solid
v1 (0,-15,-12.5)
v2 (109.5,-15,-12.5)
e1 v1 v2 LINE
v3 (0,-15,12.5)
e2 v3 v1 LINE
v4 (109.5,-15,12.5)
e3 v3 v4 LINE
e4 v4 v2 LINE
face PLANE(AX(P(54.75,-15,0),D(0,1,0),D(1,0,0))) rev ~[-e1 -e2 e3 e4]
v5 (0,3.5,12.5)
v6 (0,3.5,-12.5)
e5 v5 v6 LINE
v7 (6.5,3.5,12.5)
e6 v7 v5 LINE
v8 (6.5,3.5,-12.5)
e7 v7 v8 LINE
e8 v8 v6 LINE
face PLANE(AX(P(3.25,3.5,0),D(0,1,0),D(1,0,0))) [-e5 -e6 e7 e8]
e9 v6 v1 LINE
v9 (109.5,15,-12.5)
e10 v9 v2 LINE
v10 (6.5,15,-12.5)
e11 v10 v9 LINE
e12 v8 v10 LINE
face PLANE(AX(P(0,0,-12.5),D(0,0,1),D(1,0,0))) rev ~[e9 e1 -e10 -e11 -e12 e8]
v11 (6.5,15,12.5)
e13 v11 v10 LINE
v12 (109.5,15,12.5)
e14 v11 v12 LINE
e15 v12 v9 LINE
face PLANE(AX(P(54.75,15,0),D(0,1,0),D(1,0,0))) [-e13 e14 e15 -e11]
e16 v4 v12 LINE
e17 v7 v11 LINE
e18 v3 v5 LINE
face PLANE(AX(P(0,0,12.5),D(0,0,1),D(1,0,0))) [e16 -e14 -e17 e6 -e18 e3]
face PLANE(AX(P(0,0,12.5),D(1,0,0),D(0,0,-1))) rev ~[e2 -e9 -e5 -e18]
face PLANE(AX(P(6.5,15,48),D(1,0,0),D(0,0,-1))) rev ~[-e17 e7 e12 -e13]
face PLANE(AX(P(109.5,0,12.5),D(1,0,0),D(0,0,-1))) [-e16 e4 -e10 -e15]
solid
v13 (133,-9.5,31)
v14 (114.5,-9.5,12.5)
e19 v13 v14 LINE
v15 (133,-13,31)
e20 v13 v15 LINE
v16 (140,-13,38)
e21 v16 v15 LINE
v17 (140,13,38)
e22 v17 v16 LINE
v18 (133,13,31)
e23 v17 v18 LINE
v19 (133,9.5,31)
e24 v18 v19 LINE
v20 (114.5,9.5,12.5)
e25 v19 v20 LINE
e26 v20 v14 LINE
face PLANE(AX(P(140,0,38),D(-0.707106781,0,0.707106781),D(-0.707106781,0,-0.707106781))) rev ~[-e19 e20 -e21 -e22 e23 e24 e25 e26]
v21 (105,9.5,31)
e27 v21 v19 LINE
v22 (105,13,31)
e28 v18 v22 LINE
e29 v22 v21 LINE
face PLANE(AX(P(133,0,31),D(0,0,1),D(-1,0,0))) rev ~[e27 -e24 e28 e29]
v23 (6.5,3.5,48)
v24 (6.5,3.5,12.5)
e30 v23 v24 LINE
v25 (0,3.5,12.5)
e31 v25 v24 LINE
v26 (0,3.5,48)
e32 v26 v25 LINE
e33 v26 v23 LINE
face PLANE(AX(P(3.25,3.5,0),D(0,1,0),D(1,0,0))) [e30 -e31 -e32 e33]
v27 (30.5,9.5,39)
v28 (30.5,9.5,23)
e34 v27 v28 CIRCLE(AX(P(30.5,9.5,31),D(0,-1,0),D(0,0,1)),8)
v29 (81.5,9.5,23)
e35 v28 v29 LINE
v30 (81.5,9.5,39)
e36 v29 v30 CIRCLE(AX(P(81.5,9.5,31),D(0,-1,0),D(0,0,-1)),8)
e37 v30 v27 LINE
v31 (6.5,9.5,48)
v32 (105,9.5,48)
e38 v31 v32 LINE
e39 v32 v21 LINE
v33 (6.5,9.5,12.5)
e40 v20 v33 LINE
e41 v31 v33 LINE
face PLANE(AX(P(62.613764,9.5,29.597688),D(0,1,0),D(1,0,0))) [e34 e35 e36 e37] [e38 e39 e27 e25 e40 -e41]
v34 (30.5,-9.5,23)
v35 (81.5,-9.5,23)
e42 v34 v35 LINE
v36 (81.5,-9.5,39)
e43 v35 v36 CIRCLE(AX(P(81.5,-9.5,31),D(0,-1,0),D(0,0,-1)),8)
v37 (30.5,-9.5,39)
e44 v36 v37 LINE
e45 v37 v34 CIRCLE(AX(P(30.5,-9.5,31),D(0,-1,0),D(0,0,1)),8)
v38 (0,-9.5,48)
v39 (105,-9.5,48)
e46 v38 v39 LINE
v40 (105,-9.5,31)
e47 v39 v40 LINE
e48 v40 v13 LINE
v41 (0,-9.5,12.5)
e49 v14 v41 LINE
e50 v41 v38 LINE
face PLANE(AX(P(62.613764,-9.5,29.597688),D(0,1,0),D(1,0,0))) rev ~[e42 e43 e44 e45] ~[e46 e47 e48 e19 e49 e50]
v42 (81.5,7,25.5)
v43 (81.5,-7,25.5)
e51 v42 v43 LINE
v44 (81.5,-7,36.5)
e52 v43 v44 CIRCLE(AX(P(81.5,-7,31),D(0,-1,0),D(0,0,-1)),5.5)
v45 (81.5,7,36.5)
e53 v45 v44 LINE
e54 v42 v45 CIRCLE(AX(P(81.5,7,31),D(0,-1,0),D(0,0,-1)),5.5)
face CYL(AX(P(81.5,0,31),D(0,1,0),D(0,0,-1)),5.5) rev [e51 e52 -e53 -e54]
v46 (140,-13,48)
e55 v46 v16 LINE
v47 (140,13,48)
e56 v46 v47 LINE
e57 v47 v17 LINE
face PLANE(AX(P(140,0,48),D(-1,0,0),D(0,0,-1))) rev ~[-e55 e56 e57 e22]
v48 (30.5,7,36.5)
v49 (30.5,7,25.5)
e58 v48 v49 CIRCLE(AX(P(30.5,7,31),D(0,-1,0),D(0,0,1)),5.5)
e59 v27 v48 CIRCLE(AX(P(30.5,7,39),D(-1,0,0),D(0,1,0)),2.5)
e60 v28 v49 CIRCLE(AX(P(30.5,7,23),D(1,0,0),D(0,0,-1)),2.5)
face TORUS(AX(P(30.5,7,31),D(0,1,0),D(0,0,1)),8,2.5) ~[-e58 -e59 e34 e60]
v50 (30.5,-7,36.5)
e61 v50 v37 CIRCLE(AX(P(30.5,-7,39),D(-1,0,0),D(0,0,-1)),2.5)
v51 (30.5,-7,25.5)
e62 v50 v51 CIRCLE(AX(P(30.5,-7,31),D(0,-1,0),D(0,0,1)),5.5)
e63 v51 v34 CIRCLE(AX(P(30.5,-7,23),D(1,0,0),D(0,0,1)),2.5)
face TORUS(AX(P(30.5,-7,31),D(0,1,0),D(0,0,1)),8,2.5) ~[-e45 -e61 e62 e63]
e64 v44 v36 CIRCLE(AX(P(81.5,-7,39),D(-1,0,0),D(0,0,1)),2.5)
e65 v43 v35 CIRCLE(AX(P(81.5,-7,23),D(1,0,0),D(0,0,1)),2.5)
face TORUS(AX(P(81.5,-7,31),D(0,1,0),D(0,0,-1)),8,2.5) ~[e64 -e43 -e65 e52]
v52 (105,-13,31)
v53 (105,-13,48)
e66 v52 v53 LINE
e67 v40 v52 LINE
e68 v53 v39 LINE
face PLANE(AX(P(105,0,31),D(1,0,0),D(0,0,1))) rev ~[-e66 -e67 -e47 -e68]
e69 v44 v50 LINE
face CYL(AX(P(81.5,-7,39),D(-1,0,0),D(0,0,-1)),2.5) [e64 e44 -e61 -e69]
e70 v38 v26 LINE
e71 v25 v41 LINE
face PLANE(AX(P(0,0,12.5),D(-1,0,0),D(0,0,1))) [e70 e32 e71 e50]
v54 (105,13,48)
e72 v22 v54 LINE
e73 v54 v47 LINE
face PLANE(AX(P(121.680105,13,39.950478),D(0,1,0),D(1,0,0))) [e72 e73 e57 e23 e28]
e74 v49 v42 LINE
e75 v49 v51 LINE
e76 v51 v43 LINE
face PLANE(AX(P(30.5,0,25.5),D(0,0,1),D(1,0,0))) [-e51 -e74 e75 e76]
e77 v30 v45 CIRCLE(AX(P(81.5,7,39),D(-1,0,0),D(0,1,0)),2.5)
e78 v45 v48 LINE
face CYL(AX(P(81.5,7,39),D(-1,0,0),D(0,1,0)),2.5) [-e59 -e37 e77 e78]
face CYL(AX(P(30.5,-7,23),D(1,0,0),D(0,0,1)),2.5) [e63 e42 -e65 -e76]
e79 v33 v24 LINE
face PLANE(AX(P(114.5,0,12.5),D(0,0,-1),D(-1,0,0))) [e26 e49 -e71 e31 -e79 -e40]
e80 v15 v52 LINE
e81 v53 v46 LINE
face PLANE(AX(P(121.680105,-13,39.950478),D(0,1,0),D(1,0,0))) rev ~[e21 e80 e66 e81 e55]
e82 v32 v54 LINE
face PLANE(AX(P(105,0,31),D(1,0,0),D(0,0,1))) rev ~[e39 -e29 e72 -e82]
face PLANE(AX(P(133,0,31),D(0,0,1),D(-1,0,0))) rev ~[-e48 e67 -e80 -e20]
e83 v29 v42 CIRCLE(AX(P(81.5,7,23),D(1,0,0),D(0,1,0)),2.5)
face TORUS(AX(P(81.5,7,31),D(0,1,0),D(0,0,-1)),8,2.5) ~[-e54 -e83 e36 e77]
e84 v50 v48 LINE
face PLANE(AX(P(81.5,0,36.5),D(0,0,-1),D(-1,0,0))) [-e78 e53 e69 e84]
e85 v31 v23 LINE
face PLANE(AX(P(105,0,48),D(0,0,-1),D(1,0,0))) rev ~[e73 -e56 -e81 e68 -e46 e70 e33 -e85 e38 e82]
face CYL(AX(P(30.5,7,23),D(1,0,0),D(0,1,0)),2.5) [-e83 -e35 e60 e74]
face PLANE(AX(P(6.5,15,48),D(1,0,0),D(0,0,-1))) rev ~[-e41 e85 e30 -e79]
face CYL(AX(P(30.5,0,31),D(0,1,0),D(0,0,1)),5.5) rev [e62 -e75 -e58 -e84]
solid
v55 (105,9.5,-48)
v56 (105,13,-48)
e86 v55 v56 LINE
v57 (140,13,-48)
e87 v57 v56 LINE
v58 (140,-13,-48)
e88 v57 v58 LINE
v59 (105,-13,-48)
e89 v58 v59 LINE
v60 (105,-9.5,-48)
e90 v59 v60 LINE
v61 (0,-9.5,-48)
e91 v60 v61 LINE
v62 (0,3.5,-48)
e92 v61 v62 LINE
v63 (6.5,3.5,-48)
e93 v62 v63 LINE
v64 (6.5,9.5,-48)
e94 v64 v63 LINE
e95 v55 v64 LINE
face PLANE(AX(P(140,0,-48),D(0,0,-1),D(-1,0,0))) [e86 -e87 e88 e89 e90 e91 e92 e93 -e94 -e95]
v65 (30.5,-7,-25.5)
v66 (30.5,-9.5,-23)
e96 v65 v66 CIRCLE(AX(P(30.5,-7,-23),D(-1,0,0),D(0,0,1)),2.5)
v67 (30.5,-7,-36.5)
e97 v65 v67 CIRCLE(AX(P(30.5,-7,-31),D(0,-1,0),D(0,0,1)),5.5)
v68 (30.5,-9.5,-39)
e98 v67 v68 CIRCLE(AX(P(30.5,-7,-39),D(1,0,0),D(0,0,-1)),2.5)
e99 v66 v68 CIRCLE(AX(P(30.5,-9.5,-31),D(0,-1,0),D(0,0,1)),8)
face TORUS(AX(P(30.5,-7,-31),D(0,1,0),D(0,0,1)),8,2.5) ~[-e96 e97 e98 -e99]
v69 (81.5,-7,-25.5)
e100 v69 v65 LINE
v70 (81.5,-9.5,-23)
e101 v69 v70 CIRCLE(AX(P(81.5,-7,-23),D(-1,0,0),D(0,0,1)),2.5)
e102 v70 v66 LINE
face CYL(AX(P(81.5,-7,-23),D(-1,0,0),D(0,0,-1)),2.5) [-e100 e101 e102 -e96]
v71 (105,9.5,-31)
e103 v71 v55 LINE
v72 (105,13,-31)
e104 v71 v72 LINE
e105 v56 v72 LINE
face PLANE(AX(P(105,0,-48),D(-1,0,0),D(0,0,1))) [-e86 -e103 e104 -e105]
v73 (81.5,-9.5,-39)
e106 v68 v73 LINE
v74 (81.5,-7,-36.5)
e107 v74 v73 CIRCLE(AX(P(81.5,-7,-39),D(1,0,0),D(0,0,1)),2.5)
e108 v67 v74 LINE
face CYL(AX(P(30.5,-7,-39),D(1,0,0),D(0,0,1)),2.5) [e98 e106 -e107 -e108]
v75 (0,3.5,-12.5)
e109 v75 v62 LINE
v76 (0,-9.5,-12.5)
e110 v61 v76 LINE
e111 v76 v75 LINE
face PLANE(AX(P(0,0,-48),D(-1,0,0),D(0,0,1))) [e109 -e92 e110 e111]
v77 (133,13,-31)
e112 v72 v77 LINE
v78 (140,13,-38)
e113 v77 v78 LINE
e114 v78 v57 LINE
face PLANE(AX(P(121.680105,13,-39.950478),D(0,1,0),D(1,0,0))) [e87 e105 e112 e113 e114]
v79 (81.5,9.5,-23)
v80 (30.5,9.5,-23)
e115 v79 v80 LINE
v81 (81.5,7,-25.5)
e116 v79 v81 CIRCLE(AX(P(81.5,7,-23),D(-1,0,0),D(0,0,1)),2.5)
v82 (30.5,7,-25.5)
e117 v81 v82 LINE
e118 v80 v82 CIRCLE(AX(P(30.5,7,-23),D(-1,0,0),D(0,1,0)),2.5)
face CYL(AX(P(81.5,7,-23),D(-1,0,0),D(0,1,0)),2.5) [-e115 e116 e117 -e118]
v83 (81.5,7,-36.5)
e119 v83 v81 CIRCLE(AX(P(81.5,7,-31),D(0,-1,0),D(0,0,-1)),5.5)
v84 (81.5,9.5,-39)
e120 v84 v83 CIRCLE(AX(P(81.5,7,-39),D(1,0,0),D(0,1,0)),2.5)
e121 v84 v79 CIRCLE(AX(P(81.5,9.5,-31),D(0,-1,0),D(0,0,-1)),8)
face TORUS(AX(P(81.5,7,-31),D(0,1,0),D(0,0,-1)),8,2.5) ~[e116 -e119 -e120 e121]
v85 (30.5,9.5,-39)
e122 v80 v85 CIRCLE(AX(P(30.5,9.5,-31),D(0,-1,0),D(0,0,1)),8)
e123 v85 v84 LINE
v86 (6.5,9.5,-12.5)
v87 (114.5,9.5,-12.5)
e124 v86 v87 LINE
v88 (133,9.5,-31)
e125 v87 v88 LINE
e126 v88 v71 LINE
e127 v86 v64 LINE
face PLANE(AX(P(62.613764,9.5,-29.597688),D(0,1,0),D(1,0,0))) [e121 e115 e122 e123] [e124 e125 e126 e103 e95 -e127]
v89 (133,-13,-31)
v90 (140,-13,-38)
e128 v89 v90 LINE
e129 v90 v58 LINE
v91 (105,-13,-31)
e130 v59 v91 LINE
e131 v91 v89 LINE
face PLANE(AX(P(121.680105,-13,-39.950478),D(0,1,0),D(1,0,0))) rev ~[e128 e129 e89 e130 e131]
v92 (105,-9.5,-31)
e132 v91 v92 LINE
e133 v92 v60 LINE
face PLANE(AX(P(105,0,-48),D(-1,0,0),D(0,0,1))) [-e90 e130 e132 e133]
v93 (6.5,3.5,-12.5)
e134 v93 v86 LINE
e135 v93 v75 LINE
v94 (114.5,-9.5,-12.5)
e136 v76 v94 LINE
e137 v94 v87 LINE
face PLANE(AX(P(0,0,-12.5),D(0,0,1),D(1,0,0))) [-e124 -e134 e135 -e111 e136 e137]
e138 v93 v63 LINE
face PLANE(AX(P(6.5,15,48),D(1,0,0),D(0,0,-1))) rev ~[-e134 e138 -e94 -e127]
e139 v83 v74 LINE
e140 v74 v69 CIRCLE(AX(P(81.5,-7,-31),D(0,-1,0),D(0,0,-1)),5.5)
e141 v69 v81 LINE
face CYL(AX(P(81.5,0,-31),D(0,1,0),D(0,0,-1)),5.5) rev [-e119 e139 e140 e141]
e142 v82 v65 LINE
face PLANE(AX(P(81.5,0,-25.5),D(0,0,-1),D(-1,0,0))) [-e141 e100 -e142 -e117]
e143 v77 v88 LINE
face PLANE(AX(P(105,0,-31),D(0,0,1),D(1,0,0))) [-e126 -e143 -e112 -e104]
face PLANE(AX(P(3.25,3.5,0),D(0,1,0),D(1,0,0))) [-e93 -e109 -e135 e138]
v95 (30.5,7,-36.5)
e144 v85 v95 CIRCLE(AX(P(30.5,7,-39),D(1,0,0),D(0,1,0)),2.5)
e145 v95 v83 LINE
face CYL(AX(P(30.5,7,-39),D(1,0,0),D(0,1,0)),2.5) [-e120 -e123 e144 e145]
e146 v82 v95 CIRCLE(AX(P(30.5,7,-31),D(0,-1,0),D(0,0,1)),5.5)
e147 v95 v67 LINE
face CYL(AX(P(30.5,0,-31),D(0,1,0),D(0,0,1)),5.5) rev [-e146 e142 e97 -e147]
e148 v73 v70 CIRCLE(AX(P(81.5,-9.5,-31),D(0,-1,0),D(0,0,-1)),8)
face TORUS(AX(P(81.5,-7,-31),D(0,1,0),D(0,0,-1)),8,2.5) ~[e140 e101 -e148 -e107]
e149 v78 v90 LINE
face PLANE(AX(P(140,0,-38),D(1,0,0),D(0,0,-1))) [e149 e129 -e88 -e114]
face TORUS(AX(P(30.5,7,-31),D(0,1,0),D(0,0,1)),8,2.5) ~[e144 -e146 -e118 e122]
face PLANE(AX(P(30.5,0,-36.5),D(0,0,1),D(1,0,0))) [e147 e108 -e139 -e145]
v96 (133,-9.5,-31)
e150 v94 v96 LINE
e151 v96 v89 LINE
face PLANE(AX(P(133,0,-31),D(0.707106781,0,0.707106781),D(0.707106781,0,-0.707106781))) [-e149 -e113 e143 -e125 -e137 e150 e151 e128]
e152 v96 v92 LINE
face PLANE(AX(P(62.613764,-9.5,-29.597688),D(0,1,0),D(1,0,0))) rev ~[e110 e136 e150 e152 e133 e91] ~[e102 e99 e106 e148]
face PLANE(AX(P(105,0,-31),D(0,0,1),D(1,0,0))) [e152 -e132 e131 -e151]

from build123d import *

# Parameters (mm, degrees)
SKETCH1_W             = 109.5
SKETCH1_H             = 25
BOSS_EXTRUDE1_DEPTH   = 15
BOSS_EXTRUDE2_DEPTH   = 9.5
BOSS_EXTRUDE2_2_DEPTH = 9.5
BOSS_EXTRUDE3_DEPTH   = 13
FILLET1_R             = 2.5
FILLET2_R             = 2.5
FILLET3_R             = 2.5
FILLET4_R             = 2.5
SKETCH2_W             = 6.5
SKETCH2_H             = 96
CUT_EXTRUDE1_DEPTH    = 11.5


with BuildPart() as part:
    # Sketch1 → Boss-Extrude1 (new, symmetric)
    with BuildSketch(Plane(origin=(0, 0, 0), x_dir=(1, 0, 0), z_dir=(0, 1, 0))):
        with Locations((54.75, 0)):
            Rectangle(SKETCH1_W, SKETCH1_H)
    extrude(amount=BOSS_EXTRUDE1_DEPTH, both=True)


with BuildPart() as body_2:
    # Sketch1<3> → Boss-Extrude2 (new, symmetric)
    with BuildSketch(Plane(origin=(0, 0, 0), x_dir=(1, 0, 0), z_dir=(0, 1, 0))):
        Polygon((105, 48), (0, 48), (0, 12.5), (114.5, 12.5), (133, 31), (105, 31), align=None)
        with BuildLine():
            Line((81.5, 25.5), (30.5, 25.5))
            ThreePointArc((30.5, 25.5), (25, 31), (30.5, 36.5))
            Line((30.5, 36.5), (81.5, 36.5))
            ThreePointArc((81.5, 36.5), (87, 31), (81.5, 25.5))
        make_face(mode=Mode.SUBTRACT)
    extrude(amount=BOSS_EXTRUDE2_DEPTH, both=True)



with BuildPart() as body_3:
    # Sketch1<3> → Boss-Extrude2 2 (new, symmetric)
    with BuildSketch(Plane(origin=(0, 0, 0), x_dir=(1, 0, 0), z_dir=(0, 1, 0))):
        Polygon((114.5, -12.5), (0, -12.5), (0, -48), (105, -48), (105, -31), (133, -31), align=None)
        with BuildLine():
            ThreePointArc((30.5, -36.5), (25, -31), (30.5, -25.5))
            Line((30.5, -25.5), (81.5, -25.5))
            ThreePointArc((81.5, -25.5), (87, -31), (81.5, -36.5))
            Line((81.5, -36.5), (30.5, -36.5))
        make_face(mode=Mode.SUBTRACT)
    extrude(amount=BOSS_EXTRUDE2_2_DEPTH, both=True)


with BuildPart() as body_2_1:
    add(body_2.part)

    add(body_3.part)  # Boss-Extrude3 merges body 3
    # Sketch1<4> → Boss-Extrude3 (add, symmetric)
    with BuildSketch(Plane(origin=(0, 0, 0), x_dir=(1, 0, 0), z_dir=(0, 1, 0))):
        Polygon((140, 48), (105, 48), (105, 31), (133, 31), (140, 38), align=None)
        Polygon((105, -31), (105, -48), (140, -48), (140, -38), (133, -31), align=None)
    extrude(amount=BOSS_EXTRUDE3_DEPTH, both=True)

    # Fillet1
    fillet1_edges = [body_2_1.edges().sort_by_distance(p)[0] for p in [
        (25, 9.5, -31),
        (87, 9.5, -31),
        (56, 9.5, -25.5),
        (56, 9.5, -36.5),
    ]]
    fillet(fillet1_edges, radius=FILLET1_R)

    # Fillet2
    fillet2_edges = [body_2_1.edges().sort_by_distance(p)[0] for p in [
        (25, 9.5, 31),
        (87, 9.5, 31),
        (56, 9.5, 36.5),
        (56, 9.5, 25.5),
    ]]
    fillet(fillet2_edges, radius=FILLET2_R)

    # Fillet3
    fillet3_edges = [body_2_1.edges().sort_by_distance(p)[0] for p in [
        (87, -9.5, -31),
        (25, -9.5, -31),
        (56, -9.5, -25.5),
        (56, -9.5, -36.5),
    ]]
    fillet(fillet3_edges, radius=FILLET3_R)

    # Fillet4
    fillet4_edges = [body_2_1.edges().sort_by_distance(p)[0] for p in [
        (87, -9.5, 31),
        (25, -9.5, 31),
        (56, -9.5, 36.5),
        (56, -9.5, 25.5),
    ]]
    fillet(fillet4_edges, radius=FILLET4_R)


with BuildPart() as cut_extrude1_tool:
    # Sketch2 → Cut-Extrude1 (new body)
    with BuildSketch(Plane(origin=(0, 15, 0), x_dir=(1, 0, 0), z_dir=(0, 1, 0))):
        with Locations((3.25, 0)):
            Rectangle(SKETCH2_W, SKETCH2_H)
    extrude(amount=-CUT_EXTRUDE1_DEPTH)


with BuildPart() as part_1:
    add(part.part)

    # Cut-Extrude1: cut by cut_extrude1_tool
    add(cut_extrude1_tool.part, mode=Mode.SUBTRACT)


with BuildPart() as body_2_2:
    add(body_2_1.part)

    # Cut-Extrude1: cut by cut_extrude1_tool
    add(cut_extrude1_tool.part, mode=Mode.SUBTRACT)


solid = Compound([part_1.part, body_2_2.part])
